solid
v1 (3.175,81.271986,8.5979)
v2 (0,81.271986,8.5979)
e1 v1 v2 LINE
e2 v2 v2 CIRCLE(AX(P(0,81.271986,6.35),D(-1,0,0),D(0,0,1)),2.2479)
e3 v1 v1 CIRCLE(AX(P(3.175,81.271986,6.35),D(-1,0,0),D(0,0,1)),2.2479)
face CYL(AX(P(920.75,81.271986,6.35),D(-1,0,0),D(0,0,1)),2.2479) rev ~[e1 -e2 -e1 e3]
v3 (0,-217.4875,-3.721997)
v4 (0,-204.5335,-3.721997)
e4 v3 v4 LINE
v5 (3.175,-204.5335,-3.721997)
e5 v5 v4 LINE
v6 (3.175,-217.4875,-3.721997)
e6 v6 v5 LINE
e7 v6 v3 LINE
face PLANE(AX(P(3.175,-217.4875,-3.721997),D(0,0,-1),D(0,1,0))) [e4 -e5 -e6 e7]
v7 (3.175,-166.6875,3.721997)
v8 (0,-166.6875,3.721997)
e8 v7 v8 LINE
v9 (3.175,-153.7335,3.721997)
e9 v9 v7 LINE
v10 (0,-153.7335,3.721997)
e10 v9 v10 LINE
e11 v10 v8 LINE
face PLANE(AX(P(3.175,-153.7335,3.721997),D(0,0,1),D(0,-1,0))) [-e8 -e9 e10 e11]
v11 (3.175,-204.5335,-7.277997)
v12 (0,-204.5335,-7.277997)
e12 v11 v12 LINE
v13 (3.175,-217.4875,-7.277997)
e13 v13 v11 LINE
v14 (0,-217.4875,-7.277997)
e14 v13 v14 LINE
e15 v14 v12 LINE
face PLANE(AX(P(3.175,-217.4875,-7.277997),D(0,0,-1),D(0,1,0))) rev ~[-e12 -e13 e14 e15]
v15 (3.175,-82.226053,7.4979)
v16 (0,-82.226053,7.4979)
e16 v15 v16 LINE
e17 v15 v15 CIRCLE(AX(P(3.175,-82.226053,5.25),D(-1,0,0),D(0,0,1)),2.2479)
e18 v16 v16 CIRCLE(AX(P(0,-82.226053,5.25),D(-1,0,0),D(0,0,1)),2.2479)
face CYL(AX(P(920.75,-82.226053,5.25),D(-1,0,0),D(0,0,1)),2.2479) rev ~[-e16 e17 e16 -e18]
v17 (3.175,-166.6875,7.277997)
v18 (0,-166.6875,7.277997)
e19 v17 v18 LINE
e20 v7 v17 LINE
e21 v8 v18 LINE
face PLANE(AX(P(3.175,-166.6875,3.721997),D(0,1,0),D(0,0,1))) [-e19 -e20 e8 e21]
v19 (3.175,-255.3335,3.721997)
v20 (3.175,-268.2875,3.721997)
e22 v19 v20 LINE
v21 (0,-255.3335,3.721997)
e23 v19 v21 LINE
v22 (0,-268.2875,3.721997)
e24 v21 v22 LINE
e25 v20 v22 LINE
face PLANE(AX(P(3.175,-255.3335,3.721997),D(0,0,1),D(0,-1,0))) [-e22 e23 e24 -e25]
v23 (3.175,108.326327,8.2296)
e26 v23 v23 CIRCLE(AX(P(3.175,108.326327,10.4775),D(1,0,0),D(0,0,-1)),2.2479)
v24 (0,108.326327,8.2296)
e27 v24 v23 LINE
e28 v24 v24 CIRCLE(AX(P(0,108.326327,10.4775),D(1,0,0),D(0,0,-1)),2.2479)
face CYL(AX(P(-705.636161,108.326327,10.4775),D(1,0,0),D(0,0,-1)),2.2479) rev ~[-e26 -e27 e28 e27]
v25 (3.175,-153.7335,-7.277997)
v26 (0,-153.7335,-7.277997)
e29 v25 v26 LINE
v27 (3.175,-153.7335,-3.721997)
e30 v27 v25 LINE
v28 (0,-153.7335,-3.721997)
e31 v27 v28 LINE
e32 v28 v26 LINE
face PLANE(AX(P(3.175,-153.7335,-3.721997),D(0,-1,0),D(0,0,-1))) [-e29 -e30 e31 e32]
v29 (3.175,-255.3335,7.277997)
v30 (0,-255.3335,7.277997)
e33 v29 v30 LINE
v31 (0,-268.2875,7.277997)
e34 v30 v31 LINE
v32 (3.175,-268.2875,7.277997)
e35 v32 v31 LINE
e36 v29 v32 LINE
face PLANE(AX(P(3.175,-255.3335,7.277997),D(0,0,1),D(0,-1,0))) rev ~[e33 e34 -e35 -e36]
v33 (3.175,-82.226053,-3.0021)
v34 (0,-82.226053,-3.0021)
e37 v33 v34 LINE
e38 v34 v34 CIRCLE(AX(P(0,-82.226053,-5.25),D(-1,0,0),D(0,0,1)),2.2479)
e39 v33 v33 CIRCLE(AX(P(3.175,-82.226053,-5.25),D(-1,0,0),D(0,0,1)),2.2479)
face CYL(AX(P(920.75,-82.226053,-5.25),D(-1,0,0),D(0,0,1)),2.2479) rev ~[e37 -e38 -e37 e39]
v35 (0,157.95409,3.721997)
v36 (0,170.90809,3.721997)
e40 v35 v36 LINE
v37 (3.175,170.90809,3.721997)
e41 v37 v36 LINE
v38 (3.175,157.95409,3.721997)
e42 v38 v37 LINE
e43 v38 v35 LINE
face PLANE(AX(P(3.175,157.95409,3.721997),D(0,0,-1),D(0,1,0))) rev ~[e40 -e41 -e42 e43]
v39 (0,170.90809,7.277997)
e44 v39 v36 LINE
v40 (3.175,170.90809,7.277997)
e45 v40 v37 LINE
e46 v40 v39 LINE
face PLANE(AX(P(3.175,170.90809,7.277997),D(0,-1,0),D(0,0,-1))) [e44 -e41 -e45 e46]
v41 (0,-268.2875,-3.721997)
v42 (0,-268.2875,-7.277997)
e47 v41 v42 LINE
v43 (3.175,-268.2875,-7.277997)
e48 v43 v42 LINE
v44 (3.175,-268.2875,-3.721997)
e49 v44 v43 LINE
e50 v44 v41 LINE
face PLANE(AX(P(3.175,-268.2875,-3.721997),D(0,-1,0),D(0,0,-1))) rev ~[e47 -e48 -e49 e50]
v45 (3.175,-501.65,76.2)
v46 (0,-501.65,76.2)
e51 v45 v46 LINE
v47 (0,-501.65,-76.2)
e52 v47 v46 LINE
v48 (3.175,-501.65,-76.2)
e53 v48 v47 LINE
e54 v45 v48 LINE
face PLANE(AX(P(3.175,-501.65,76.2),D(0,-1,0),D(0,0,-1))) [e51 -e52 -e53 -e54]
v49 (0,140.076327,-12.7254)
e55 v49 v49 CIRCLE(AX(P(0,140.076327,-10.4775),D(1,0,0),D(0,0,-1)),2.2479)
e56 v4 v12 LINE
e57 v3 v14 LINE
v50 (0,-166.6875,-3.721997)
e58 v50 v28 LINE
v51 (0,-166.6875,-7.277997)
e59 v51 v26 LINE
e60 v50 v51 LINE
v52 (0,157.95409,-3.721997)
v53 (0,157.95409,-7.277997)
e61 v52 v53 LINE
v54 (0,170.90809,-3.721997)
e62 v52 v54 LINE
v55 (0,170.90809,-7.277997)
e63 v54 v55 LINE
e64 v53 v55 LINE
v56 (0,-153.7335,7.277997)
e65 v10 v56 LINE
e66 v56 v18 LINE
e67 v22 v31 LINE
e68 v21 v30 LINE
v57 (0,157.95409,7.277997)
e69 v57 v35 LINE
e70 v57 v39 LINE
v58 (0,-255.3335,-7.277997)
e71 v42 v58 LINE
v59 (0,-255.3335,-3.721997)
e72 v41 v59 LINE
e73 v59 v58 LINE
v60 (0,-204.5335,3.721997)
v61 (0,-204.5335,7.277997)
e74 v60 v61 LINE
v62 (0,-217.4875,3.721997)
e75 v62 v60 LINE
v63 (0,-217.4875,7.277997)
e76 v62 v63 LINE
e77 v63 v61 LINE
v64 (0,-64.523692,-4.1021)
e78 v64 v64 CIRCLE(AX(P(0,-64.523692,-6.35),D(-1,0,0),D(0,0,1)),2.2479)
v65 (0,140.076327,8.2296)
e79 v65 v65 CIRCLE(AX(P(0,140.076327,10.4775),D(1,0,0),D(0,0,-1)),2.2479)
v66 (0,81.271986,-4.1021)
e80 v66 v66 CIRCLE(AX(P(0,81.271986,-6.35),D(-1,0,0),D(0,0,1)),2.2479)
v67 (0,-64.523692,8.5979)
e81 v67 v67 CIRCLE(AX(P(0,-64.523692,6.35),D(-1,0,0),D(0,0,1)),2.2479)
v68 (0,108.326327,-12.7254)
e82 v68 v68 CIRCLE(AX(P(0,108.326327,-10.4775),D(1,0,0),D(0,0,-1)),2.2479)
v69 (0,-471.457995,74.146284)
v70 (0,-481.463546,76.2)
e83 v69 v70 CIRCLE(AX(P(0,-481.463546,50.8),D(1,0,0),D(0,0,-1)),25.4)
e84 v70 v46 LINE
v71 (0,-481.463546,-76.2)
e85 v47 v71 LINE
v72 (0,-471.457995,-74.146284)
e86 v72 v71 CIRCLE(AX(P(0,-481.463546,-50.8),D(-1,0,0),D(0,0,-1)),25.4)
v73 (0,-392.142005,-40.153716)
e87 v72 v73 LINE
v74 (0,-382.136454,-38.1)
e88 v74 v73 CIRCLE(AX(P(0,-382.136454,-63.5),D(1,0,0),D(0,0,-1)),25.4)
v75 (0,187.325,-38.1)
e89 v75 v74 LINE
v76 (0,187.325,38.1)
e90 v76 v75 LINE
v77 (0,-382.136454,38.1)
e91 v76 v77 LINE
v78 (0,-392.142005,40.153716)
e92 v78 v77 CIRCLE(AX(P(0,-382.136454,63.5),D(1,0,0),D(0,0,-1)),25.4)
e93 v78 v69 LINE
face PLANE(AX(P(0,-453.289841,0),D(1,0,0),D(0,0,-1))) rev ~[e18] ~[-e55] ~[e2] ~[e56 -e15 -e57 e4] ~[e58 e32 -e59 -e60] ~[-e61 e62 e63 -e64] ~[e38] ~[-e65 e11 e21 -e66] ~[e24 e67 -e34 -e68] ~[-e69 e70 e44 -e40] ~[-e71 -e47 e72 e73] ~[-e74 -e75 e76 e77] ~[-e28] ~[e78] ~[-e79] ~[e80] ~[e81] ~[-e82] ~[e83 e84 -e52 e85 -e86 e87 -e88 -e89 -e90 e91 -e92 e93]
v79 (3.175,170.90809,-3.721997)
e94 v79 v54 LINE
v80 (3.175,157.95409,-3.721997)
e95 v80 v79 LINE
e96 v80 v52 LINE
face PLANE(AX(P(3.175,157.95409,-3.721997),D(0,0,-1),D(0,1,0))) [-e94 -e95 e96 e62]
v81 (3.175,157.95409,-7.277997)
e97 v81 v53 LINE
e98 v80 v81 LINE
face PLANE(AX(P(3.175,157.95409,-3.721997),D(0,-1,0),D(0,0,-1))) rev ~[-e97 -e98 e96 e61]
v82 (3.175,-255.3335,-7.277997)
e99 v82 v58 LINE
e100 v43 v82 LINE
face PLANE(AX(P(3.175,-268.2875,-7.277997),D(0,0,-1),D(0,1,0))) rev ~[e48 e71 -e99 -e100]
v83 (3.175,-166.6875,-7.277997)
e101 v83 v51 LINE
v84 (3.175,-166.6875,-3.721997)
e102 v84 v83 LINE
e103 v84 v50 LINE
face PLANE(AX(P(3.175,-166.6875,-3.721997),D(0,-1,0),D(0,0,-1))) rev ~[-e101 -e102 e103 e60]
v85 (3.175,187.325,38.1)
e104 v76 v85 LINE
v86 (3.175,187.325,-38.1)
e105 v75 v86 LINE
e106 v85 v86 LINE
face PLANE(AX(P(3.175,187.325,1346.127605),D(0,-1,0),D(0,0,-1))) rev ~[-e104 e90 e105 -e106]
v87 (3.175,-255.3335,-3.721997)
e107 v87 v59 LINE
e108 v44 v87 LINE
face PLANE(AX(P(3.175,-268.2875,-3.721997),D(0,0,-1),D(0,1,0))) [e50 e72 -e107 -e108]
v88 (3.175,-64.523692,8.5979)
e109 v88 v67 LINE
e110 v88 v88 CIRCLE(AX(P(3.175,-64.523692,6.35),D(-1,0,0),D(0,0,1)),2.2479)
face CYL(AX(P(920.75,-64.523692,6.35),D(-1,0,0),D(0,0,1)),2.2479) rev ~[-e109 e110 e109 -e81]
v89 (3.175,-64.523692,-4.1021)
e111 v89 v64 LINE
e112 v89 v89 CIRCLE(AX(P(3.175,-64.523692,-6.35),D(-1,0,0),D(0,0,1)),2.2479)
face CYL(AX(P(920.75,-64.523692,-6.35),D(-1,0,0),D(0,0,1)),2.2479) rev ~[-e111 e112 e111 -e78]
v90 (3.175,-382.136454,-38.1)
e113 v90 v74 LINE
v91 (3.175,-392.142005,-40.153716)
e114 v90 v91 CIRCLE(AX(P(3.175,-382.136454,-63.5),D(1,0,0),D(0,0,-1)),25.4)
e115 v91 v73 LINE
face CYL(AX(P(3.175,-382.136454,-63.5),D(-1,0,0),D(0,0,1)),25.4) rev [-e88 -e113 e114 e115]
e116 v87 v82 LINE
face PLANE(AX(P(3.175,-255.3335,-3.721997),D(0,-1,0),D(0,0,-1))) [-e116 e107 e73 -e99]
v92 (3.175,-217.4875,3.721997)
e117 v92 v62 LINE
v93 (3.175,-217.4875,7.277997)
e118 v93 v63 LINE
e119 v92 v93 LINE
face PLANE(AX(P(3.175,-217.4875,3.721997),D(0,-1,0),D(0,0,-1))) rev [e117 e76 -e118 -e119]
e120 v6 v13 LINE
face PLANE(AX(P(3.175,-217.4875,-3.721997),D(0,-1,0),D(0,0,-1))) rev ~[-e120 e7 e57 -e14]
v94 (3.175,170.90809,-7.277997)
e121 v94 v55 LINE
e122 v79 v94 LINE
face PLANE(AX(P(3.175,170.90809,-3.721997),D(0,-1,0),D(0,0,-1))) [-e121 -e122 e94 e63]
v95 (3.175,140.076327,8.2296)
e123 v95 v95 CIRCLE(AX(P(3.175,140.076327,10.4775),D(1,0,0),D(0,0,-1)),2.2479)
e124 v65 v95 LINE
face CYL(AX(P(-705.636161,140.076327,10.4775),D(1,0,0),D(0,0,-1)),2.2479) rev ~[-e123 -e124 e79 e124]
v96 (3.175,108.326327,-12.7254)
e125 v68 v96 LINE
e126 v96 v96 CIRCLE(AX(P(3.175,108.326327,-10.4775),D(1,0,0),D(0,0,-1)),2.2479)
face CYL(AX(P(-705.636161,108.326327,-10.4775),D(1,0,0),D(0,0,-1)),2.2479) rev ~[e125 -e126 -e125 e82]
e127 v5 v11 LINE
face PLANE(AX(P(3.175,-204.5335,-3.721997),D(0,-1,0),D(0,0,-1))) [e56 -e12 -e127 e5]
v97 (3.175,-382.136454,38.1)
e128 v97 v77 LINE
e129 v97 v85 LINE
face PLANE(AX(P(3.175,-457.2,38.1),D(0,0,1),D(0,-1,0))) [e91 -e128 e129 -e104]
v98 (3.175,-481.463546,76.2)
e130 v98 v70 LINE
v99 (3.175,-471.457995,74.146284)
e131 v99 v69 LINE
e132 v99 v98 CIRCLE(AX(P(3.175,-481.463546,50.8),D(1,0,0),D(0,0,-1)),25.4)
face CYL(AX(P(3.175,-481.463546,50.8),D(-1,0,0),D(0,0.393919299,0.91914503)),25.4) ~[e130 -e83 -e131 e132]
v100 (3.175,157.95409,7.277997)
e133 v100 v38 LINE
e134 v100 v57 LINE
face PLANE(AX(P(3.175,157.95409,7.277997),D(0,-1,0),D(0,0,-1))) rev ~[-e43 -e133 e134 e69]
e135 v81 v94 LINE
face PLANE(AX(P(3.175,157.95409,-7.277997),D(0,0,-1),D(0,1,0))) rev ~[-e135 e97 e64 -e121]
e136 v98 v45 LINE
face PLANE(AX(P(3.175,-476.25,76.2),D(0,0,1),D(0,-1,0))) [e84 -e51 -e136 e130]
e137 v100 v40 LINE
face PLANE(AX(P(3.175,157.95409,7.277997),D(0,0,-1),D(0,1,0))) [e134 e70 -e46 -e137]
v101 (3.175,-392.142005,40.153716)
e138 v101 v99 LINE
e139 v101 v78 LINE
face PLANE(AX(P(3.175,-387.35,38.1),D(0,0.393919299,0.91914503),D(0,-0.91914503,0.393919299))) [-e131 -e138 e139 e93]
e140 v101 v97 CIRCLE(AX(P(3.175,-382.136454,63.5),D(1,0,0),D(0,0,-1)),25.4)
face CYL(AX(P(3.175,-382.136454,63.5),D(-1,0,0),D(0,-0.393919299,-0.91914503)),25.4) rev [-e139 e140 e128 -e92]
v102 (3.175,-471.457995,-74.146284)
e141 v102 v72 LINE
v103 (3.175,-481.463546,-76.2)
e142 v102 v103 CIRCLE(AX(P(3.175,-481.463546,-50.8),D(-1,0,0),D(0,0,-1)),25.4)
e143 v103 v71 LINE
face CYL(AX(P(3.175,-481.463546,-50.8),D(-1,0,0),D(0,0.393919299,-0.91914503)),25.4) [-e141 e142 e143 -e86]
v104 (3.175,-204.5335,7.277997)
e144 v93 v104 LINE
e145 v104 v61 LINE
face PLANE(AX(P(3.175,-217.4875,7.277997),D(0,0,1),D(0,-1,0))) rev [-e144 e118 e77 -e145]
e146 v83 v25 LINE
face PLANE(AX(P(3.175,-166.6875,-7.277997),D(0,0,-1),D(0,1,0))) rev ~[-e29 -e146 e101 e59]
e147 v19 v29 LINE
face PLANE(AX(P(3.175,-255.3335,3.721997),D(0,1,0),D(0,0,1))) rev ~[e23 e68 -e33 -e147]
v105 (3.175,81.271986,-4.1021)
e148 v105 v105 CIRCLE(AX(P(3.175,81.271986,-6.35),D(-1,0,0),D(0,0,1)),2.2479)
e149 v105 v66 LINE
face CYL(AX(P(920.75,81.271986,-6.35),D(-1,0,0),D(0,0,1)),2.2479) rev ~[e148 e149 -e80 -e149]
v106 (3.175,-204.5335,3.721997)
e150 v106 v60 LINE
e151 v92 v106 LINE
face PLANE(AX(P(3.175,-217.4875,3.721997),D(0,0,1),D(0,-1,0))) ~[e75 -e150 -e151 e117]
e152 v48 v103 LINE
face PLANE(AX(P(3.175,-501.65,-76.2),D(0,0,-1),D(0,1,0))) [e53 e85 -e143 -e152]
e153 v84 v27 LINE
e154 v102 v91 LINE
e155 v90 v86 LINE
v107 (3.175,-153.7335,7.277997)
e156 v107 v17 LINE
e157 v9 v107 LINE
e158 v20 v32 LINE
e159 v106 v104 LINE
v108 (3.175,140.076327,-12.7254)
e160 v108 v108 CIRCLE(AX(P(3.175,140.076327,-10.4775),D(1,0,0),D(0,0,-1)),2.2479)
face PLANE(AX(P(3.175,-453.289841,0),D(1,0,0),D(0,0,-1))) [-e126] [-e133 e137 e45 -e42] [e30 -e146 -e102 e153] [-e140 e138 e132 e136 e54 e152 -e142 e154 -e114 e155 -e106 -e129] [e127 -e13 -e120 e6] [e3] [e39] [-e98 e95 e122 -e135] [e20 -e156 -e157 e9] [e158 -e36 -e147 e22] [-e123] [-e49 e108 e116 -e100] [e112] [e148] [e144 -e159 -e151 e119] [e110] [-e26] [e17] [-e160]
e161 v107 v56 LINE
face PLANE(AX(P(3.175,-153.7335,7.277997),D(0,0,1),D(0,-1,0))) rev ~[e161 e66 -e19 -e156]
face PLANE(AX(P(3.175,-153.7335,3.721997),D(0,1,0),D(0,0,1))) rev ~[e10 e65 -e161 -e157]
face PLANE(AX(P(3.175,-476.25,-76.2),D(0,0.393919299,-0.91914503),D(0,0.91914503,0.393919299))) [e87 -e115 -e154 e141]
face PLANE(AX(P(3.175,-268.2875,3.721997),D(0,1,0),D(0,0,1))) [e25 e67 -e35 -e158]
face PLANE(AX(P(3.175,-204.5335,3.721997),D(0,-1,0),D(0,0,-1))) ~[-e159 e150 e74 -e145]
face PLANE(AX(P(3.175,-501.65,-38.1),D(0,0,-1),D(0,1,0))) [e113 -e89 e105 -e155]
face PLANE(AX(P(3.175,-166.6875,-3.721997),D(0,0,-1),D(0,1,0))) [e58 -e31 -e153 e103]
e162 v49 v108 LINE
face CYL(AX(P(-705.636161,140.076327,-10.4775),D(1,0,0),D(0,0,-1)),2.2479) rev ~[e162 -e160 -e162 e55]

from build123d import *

# Parameters (mm, degrees)
SKETCH1_W                     = 76.2
SKETCH1_H                     = 914.4
BOSS_EXTRUDE1_DEPTH           = 3.175
SKETCH2_W                     = 3.556
SKETCH2_H                     = 12.954
CUT_EXTRUDE1_DEPTH            = 4.175
LPATTERN1_COUNT               = 2
LPATTERN1_PITCH               = 50.8
LPATTERN1_COPY_1_SKETCH_W     = 3.556
LPATTERN1_COPY_1_SKETCH_H     = 12.954
LPATTERN1_COPY_1_DEPTH        = 4.175
LPATTERN1_COL_COUNT           = 2
LPATTERN1_COL_PITCH           = 50.8
LPATTERN1_COL_COPY_1_SKETCH_W = 3.556
LPATTERN1_COL_COPY_1_SKETCH_H = 12.954
LPATTERN1_COL_COPY_1_DEPTH    = 4.175
SKETCH3_W                     = 3.556
SKETCH3_H                     = 12.954
CUT_EXTRUDE2_DEPTH            = 4.175
F_8_CLEARANCE_HOLE1_D         = 4.4958
CUT_EXTRUDE3_DEPTH            = 1
CUT_EXTRUDE3_DEPTH_BACK       = 4.175
BOSS_EXTRUDE2_DEPTH           = 3.175
BOSS_EXTRUDE3_DEPTH           = 3.175
FILLET1_R                     = 25.4
F_8_CLEARANCE_HOLE2_D         = 4.4958


with BuildPart() as part:
    # Sketch1 → Boss-Extrude1 (new body)
    with BuildSketch(Plane(origin=(0, 0, 0), x_dir=(0, 0, -1), z_dir=(1, 0, 0))):
        Rectangle(SKETCH1_W, SKETCH1_H)
    extrude(amount=BOSS_EXTRUDE1_DEPTH)

    # Sketch2 → Cut-Extrude1 (cut, through all)
    with BuildSketch(Plane(origin=(3.175, 0, 0), x_dir=(0, 0, -1), z_dir=(1, 0, 0))):
        with Locations((5.499997, -211.0105)):
            Rectangle(SKETCH2_W, SKETCH2_H)
    cut_extrude1 = extrude(amount=-CUT_EXTRUDE1_DEPTH, mode=Mode.SUBTRACT)

    # Mirror1: Cut-Extrude1 across plane
    add(cut_extrude1.mirror(Plane.XY), mode=Mode.SUBTRACT)

    # LPattern1: Cut-Extrude1 ×2
    with Locations(*[(0, i * LPATTERN1_PITCH, 0) for i in range(1, LPATTERN1_COUNT)]):
        add(cut_extrude1, mode=Mode.SUBTRACT)

    # LPattern1 copy 1 sketch → LPattern1 copy 1 (cut, through all)
    with BuildSketch(Plane(origin=(3.175, 50.8, 0), x_dir=(0, 0, 1), z_dir=(1, 0, 0))):
        with Locations((5.499997, 211.0105)):
            Rectangle(LPATTERN1_COPY_1_SKETCH_W, LPATTERN1_COPY_1_SKETCH_H)
    extrude(amount=-LPATTERN1_COPY_1_DEPTH, mode=Mode.SUBTRACT)

    # LPattern1 col: Cut-Extrude1 ×2
    with Locations(*[(0, -i * LPATTERN1_COL_PITCH, 0) for i in range(1, LPATTERN1_COL_COUNT)]):
        add(cut_extrude1, mode=Mode.SUBTRACT)

    # LPattern1 col copy 1 sketch → LPattern1 col copy 1 (cut, through all)
    with BuildSketch(Plane(origin=(3.175, -50.8, 0), x_dir=(0, 0, 1), z_dir=(1, 0, 0))):
        with Locations((5.499997, 211.0105)):
            Rectangle(LPATTERN1_COL_COPY_1_SKETCH_W, LPATTERN1_COL_COPY_1_SKETCH_H)
    extrude(amount=-LPATTERN1_COL_COPY_1_DEPTH, mode=Mode.SUBTRACT)

    # Sketch3 → Cut-Extrude2 (cut, through all)
    with BuildSketch(Plane(origin=(3.175, 0, 0), x_dir=(0, 0, -1), z_dir=(1, 0, 0))):
        with Locations((5.499997, 164.431090402)):
            Rectangle(SKETCH3_W, SKETCH3_H)
        with Locations((-5.499997, 164.431090402)):
            Rectangle(SKETCH3_W, SKETCH3_H)
    extrude(amount=-CUT_EXTRUDE2_DEPTH, mode=Mode.SUBTRACT)

    # #8 Clearance Hole1 (through all)
    with Locations(Plane(origin=(3.175, 0, 0), x_dir=(0, 0, -1), z_dir=(1, 0, 0))):
        with Locations((6.35, -64.523692353), (-6.35, -64.523692353), (6.35, 81.271985669), (-6.35, 81.271985669), (5.25, -82.226052879), (-5.25, -82.226052879)):
            Hole(F_8_CLEARANCE_HOLE1_D / 2)

    # Sketch6 → Cut-Extrude3 (cut, two sides)
    with BuildSketch(Plane(origin=(3.175, 0, 0), x_dir=(0, 0, -1), z_dir=(1, 0, 0))) as cut_extrude3_sk:
        Polygon((-1346.127604676, 187.325), (-38.1, 187.325), (38.1, 187.325), (1346.127604676, 187.325), (1346.127604676, 2803.380209351), (-1346.127604676, 2803.380209351), align=None)
    extrude(amount=CUT_EXTRUDE3_DEPTH, mode=Mode.SUBTRACT)
    extrude(cut_extrude3_sk.sketch, amount=-CUT_EXTRUDE3_DEPTH_BACK, mode=Mode.SUBTRACT)

    # Sketch7 → Boss-Extrude2 (add)
    with BuildSketch(Plane(origin=(3.175, 0, 0), x_dir=(0, 0, -1), z_dir=(1, 0, 0))):
        Polygon((-38.1, -457.2), (-38.1, -501.65), (0, -501.65), (38.1, -501.65), (38.1, -457.2), align=None)
    extrude(amount=-BOSS_EXTRUDE2_DEPTH)

    # Sketch8 → Boss-Extrude3 (add)
    with BuildSketch(Plane(origin=(3.175, 0, 0), x_dir=(0, 0, -1), z_dir=(1, 0, 0))):
        Polygon((-38.1, -387.35), (-76.2, -476.25), (-76.2, -501.65), (76.2, -501.65), (76.2, -476.25), (38.1, -387.35), align=None)
    extrude(amount=-BOSS_EXTRUDE3_DEPTH)

    # Fillet1
    fillet1_edges = [part.edges().sort_by_distance(p)[0] for p in [
        (1.5875, -387.35, 38.1),
        (1.5875, -387.35, -38.1),
        (1.5875, -476.25, -76.2),
        (1.5875, -476.25, 76.2),
    ]]
    fillet(fillet1_edges, radius=FILLET1_R)

    # #8 Clearance Hole2 (through all)
    with Locations(Plane.ZY):
        with Locations((10.4775, 108.326326852), (-10.4775, 108.326326852), (-10.4775, 140.076326852), (10.4775, 140.076326852)):
            Hole(F_8_CLEARANCE_HOLE2_D / 2)


solid = part.part
